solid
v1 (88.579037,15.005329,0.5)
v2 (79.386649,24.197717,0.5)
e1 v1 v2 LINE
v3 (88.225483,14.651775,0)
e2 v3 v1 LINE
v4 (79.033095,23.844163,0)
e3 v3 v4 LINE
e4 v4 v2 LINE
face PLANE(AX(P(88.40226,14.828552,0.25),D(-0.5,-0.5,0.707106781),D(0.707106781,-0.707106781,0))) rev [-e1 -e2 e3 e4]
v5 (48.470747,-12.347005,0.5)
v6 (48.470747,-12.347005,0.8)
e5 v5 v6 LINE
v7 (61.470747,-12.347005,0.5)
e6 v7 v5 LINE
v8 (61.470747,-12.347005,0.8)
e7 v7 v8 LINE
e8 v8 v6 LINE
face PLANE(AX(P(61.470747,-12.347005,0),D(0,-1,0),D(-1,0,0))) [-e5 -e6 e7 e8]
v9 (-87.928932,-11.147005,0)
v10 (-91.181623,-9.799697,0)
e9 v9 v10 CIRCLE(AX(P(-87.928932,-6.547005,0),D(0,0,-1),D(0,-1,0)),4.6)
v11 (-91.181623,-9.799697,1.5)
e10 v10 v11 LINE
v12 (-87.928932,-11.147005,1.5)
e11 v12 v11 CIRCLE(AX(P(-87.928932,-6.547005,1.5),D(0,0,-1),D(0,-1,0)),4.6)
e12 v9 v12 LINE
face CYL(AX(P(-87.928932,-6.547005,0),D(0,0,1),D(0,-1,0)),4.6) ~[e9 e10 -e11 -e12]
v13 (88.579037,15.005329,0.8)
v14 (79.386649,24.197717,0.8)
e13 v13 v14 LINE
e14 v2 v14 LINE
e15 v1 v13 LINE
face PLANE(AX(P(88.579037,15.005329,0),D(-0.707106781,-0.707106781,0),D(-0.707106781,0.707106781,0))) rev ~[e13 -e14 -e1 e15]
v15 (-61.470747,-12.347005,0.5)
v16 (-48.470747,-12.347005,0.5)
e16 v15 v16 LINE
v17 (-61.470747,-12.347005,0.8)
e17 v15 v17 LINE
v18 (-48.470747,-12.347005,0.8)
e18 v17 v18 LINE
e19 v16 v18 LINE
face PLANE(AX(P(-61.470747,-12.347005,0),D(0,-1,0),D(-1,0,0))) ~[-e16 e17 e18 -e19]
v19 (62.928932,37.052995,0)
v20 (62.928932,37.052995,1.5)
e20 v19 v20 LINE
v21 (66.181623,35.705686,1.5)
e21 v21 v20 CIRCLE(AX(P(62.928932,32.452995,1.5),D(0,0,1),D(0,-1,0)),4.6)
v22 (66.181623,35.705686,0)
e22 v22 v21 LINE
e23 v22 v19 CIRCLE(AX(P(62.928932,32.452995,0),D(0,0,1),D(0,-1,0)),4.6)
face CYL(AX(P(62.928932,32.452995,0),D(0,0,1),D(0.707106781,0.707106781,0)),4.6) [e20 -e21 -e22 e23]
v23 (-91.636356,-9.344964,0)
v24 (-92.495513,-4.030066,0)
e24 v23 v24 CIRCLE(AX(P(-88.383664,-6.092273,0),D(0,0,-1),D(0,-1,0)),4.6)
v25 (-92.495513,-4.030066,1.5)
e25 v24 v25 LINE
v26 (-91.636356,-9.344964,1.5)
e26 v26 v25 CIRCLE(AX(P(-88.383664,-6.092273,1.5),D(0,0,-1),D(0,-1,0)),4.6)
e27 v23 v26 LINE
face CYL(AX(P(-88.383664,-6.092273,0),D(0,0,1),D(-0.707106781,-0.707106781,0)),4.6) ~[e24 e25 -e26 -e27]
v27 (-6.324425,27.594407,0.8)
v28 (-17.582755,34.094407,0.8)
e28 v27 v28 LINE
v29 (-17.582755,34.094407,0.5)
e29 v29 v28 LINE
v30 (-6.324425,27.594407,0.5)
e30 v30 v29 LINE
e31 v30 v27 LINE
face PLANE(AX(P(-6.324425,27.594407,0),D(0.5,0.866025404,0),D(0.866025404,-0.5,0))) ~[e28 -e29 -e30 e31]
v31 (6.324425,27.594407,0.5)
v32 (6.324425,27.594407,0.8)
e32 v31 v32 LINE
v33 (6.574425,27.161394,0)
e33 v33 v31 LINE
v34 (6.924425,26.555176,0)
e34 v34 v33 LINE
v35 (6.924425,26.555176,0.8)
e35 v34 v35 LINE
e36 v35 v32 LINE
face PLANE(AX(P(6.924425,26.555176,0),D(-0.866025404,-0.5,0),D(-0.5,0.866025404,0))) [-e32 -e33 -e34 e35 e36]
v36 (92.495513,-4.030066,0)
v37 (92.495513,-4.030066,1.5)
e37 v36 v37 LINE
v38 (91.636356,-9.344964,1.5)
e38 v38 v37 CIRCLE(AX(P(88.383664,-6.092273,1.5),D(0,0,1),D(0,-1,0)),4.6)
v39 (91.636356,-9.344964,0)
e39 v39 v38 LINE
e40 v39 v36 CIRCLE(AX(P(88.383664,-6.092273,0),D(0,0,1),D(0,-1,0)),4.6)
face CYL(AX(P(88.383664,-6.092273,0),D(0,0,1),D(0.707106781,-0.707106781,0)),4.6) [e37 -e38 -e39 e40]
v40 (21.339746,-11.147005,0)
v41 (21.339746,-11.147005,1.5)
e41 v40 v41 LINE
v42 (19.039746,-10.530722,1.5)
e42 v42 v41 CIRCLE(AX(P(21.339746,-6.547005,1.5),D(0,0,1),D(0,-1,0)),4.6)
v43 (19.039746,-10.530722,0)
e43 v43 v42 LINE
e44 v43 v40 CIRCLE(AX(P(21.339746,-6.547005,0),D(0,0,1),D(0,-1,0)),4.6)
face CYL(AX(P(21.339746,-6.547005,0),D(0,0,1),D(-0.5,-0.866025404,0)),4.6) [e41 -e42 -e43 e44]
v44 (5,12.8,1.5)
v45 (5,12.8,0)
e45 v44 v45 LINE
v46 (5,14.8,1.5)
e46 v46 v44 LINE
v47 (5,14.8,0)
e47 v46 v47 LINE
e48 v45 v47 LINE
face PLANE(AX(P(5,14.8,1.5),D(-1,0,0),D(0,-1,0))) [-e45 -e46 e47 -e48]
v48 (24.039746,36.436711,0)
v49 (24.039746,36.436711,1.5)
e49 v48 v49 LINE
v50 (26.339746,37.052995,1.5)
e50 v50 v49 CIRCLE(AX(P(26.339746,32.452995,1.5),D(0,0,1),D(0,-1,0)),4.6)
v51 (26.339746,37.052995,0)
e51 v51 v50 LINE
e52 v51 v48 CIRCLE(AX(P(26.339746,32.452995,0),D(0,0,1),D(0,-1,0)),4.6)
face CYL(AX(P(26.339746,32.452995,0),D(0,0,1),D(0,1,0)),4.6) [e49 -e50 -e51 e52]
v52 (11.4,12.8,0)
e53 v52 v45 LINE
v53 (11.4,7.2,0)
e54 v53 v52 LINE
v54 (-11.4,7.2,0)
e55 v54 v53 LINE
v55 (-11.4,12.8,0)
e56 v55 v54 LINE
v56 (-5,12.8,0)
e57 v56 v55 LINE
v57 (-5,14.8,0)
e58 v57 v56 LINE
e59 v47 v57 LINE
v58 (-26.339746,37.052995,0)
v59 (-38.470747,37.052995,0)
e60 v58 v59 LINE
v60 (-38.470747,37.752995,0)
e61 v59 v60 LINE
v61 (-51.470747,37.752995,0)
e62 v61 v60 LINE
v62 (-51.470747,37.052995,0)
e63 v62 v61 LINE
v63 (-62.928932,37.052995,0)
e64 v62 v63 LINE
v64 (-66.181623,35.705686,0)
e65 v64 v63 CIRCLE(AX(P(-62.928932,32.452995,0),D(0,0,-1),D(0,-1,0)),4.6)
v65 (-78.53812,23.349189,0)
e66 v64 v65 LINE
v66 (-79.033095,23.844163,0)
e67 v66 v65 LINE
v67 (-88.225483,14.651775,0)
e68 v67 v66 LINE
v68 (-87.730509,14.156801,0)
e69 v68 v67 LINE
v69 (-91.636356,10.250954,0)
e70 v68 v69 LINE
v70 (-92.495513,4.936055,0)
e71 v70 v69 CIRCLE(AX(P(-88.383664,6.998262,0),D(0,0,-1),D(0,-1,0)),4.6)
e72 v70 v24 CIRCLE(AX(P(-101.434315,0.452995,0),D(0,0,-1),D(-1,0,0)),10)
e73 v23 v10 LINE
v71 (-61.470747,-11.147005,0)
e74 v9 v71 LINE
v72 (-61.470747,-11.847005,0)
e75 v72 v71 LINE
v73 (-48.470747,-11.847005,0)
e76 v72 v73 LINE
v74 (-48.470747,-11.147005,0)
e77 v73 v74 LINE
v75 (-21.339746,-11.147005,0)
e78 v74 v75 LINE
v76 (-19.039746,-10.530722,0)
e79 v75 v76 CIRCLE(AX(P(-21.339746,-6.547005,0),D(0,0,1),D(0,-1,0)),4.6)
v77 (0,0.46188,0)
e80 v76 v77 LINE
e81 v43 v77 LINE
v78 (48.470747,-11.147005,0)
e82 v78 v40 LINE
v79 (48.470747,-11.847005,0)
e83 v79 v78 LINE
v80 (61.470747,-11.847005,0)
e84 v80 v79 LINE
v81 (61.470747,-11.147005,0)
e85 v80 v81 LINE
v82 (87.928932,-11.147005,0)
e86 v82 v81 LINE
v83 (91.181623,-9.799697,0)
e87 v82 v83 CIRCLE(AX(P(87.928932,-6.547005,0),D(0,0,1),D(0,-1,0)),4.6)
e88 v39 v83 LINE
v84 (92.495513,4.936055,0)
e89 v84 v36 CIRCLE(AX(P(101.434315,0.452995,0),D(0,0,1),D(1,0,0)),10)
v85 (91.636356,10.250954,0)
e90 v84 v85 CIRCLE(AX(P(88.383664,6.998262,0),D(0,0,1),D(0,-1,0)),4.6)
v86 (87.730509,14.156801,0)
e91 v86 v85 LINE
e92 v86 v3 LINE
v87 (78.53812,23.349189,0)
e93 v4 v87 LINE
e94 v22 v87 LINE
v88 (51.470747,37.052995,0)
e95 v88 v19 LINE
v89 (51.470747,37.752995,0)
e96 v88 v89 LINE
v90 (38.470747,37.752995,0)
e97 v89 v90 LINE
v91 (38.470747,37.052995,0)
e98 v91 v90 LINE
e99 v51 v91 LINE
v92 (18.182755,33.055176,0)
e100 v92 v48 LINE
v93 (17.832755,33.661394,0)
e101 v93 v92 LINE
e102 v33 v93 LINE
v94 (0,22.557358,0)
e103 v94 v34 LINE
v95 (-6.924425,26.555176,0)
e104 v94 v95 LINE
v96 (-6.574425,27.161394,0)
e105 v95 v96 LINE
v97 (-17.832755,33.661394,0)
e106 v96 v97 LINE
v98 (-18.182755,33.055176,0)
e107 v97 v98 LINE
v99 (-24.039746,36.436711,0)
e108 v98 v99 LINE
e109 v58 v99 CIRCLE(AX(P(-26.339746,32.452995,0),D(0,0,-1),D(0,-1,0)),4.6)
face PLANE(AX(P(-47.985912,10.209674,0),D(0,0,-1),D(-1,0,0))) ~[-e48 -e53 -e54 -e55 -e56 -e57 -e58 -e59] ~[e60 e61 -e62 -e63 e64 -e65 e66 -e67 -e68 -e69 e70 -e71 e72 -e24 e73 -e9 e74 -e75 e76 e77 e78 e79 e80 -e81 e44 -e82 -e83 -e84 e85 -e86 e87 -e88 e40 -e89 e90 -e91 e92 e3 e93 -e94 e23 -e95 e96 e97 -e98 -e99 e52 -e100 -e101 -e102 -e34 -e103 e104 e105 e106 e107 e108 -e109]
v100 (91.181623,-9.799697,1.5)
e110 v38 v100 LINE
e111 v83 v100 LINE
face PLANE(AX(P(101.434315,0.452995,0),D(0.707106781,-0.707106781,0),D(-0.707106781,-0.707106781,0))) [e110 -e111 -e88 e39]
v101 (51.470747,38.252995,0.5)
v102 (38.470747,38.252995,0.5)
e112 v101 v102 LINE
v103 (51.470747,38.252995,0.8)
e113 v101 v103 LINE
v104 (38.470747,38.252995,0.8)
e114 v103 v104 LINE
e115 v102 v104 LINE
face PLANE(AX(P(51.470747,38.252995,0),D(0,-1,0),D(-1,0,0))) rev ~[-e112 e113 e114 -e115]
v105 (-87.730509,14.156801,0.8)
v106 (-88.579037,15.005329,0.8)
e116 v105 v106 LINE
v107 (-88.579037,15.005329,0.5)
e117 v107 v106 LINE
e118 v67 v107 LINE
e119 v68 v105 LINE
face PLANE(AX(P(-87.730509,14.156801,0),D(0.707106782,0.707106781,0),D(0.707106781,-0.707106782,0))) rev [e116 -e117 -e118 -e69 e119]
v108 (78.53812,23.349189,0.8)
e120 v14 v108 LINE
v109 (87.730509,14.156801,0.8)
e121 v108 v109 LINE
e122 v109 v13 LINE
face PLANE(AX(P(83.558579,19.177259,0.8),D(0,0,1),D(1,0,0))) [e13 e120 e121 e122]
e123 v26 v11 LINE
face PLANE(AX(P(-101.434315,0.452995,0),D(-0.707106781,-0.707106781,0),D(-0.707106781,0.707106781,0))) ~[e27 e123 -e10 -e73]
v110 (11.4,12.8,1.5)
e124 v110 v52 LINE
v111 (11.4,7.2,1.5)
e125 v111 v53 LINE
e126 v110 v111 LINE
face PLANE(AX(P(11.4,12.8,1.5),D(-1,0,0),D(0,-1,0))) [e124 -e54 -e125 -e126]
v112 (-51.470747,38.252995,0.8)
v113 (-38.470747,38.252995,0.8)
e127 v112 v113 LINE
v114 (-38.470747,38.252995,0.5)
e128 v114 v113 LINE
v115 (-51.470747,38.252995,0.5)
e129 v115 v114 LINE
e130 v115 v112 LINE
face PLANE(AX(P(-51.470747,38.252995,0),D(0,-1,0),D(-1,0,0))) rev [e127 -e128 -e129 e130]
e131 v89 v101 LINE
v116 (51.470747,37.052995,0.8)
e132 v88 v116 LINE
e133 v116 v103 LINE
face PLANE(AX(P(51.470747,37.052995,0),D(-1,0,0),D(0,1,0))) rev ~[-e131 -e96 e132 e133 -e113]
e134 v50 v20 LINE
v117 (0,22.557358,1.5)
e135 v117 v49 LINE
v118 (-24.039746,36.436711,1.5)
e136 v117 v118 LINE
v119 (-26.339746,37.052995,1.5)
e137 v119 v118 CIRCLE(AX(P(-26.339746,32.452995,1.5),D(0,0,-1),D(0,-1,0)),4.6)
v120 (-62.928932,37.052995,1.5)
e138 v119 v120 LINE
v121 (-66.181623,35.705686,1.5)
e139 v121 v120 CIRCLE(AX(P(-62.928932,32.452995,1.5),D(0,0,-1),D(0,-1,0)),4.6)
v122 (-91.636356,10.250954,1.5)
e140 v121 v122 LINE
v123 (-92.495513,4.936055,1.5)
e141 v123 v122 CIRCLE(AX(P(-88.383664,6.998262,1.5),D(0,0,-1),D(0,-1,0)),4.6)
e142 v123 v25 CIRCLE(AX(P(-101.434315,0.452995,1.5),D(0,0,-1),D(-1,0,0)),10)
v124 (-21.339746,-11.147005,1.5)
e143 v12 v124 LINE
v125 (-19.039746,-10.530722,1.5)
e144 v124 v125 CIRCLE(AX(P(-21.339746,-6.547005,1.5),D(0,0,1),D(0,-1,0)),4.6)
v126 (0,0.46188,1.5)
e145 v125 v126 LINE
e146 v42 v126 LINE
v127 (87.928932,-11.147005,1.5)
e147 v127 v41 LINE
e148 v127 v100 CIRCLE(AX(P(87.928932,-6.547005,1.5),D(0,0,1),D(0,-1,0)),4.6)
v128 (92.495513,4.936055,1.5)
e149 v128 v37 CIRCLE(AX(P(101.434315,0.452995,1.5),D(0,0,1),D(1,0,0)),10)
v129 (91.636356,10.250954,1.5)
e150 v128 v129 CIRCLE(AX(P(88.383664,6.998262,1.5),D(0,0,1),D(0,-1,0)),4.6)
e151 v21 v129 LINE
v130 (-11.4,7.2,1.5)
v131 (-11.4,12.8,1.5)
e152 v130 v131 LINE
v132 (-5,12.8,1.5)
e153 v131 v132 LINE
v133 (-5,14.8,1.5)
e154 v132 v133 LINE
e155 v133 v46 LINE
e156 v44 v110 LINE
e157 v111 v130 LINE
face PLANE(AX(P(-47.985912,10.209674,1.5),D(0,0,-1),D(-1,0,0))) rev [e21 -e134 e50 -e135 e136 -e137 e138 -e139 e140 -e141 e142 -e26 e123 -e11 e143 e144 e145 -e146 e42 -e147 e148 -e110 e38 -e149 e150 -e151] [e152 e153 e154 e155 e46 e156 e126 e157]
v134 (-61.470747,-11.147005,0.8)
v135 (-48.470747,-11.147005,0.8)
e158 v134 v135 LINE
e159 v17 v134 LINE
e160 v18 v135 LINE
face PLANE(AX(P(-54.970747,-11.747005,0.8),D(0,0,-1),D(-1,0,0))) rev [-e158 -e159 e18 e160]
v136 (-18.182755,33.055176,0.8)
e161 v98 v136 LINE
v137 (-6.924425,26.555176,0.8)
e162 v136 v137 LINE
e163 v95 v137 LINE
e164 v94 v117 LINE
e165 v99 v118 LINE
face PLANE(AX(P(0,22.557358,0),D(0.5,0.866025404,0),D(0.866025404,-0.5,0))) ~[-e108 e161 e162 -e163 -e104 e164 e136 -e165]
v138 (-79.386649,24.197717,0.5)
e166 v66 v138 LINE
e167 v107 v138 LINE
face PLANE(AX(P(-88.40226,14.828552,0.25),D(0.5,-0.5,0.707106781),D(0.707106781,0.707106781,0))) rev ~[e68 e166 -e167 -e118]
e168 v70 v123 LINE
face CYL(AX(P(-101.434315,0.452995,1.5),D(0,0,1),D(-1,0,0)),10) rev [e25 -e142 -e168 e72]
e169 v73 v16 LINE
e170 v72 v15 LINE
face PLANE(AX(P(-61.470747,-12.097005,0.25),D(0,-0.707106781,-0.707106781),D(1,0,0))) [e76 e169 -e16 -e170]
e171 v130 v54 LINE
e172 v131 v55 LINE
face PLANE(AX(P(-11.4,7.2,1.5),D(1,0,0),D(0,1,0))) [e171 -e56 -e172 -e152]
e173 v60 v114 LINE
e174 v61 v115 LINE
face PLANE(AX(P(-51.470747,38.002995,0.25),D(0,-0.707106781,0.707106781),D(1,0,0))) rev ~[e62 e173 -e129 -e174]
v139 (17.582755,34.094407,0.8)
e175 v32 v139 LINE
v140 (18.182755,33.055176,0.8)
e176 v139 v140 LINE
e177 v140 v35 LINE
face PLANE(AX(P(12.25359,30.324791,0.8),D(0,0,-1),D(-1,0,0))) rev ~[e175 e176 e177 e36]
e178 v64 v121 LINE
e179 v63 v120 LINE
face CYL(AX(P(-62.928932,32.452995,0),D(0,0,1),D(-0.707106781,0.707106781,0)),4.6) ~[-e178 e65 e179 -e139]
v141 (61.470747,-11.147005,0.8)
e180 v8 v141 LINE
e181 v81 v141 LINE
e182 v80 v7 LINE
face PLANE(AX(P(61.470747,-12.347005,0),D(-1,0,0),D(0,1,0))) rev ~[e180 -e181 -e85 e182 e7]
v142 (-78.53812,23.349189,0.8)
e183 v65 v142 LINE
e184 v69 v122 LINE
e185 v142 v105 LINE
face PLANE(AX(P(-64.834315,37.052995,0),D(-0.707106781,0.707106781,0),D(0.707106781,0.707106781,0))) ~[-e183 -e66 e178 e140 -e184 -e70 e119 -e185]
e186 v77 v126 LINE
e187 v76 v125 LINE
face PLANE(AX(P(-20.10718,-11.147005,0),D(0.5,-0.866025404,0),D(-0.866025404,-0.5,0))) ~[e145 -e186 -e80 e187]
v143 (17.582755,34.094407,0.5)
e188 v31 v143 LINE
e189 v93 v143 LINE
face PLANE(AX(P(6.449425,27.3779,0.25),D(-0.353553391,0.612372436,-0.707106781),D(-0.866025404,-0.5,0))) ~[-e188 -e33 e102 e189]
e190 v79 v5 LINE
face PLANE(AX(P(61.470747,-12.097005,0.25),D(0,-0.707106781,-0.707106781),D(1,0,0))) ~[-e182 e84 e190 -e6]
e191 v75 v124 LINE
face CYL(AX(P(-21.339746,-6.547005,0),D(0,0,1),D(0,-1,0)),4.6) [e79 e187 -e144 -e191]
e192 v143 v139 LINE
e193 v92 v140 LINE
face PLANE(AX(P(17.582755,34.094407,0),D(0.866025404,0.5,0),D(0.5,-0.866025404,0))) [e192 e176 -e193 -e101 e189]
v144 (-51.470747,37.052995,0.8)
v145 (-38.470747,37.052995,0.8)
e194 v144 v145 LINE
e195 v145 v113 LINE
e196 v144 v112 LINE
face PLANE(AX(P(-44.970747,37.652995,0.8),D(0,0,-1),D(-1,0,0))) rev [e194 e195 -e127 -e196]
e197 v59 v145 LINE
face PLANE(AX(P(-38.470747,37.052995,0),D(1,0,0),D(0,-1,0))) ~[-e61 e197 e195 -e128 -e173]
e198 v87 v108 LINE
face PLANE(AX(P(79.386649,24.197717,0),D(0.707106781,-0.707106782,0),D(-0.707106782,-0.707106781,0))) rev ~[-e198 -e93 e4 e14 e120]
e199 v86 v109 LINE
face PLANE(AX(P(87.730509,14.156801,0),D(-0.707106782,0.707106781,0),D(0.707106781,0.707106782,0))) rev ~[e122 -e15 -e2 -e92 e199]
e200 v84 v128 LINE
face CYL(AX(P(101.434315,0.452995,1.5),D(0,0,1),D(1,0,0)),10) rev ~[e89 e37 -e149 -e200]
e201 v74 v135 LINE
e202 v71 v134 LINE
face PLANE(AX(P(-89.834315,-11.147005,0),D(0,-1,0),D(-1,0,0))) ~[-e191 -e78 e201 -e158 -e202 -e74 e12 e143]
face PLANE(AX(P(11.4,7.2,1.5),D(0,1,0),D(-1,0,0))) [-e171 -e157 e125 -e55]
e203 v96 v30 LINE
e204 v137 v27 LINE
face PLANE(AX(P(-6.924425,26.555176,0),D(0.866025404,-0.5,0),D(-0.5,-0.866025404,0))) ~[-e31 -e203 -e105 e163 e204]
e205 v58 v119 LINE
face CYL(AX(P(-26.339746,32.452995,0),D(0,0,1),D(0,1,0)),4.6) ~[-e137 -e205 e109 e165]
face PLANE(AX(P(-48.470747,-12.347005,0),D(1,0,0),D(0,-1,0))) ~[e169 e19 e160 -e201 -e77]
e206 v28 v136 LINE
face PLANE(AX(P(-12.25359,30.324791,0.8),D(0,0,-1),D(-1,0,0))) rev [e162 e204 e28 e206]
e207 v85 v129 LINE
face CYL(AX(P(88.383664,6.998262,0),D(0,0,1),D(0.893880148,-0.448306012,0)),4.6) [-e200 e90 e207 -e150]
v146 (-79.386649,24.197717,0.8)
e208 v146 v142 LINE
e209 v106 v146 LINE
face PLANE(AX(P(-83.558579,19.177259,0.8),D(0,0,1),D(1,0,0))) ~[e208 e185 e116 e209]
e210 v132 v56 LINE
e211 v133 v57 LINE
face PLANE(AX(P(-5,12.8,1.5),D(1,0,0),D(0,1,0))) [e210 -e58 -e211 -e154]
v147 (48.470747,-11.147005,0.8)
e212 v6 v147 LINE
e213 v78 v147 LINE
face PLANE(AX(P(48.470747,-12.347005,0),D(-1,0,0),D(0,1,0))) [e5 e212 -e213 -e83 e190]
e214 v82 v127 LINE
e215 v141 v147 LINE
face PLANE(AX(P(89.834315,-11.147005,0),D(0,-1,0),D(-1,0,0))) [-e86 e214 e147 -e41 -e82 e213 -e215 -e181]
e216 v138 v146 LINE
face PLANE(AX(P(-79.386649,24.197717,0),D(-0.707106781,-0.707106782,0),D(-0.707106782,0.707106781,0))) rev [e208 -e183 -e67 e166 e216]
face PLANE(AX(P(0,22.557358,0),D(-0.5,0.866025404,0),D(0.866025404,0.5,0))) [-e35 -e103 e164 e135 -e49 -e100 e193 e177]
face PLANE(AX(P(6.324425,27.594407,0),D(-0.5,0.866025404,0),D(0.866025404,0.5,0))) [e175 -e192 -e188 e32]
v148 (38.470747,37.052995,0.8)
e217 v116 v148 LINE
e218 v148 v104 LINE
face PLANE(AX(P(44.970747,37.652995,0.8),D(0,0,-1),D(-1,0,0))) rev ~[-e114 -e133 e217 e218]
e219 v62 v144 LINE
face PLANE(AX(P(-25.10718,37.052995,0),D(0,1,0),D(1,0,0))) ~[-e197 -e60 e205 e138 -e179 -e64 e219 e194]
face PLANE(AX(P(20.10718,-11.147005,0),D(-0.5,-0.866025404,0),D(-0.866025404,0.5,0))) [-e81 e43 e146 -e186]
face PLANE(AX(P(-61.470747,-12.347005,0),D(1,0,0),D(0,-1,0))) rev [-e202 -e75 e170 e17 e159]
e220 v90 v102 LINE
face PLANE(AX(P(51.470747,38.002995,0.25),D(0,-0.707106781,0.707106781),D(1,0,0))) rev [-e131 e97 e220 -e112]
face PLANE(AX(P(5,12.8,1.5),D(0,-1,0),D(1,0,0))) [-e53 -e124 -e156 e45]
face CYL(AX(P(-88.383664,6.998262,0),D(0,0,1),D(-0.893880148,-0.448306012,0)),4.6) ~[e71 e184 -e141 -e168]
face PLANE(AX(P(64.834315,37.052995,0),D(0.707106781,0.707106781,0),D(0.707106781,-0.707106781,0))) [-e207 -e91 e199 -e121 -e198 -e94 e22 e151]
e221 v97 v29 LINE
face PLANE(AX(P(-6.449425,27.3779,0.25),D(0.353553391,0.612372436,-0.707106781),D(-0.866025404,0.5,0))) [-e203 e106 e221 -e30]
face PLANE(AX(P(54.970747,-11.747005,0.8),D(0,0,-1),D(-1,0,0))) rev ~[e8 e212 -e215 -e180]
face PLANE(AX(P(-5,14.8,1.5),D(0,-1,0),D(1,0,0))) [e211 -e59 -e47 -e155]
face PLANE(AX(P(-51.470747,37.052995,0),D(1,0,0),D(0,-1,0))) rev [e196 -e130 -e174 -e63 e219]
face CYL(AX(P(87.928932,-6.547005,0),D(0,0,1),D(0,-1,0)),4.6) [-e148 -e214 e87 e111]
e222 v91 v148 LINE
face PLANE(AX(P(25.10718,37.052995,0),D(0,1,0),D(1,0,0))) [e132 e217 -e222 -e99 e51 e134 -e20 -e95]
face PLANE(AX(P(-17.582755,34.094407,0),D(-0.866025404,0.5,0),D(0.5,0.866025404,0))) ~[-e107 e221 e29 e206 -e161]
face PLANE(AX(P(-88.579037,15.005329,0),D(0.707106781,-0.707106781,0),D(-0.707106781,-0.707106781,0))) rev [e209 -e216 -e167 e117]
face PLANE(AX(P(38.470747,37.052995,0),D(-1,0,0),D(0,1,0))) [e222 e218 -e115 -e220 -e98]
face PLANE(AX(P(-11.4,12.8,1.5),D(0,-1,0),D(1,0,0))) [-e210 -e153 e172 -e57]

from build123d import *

# Parameters (mm, degrees)
BOSS_EXTRUDE1_DEPTH      = 1.5
SKETCH5_W                = 13
SKETCH5_H                = 1.2
BOSS_EXTRUDE2_DEPTH      = 0.8
CHAMFER1_SIZE            = 0.5
SKETCH6_R                = 10
CUT_EXTRUDE3_DEPTH       = 1.5
CHAMFER1_OF_MIRROR1_SIZE = 0.5
CUT_EXTRUDE1_REACH       = 3.5
FILLET1_R                = 4.6


with BuildPart() as part:
    # Sketch1 → Boss-Extrude1 (new body)
    with BuildSketch(Plane.XY):
        Polygon((0, 22.557357671), (25.107179677, 37.052994616), (64.834314575, 37.052994616), (101.434314575, 0.452994616), (89.834314575, -11.147005384), (20.107179677, -11.147005384), (0, 0.461880215), align=None)
    boss_extrude1 = extrude(amount=BOSS_EXTRUDE1_DEPTH)

    # Sketch5 → Boss-Extrude2 (add)
    with BuildSketch(Plane(origin=(0, 0, 0), x_dir=(-1, 0, 0), z_dir=(0, 0, -1))):
        with Locations((-44.970747126, 37.652994616)):
            Rectangle(SKETCH5_W, SKETCH5_H)
        with Locations((-54.970747126, -11.747005384)):
            Rectangle(SKETCH5_W, SKETCH5_H)
        Polygon((-78.538120497, 23.349188694), (-87.730508653, 14.156800538), (-88.57903679, 15.005328676), (-79.386648635, 24.197716831), align=None)
        Polygon((-18.182754963, 33.055176144), (-6.924424714, 26.555176144), (-6.324424714, 27.594406628), (-17.582754963, 34.094406628), align=None)
    boss_extrude2 = extrude(amount=-BOSS_EXTRUDE2_DEPTH)

    # Chamfer1
    chamfer1_edges = [part.edges().sort_by_distance(p)[0] for p in [
        (44.970747126, 38.252994616, 0),
        (54.970747126, -12.347005384, 0),
        (83.982842712, 19.601522754, 0),
        (11.953589838, 30.844406628, 0),
    ]]
    chamfer(chamfer1_edges, length=CHAMFER1_SIZE)

    # Sketch6 → Cut-Extrude3 (cut)
    with BuildSketch(Plane.XY.offset(1.5)):
        with Locations((101.434314575, 0.452994616)):
            Circle(SKETCH6_R)
    cut_extrude3 = extrude(amount=-CUT_EXTRUDE3_DEPTH, mode=Mode.SUBTRACT)

    # Mirror1: Boss-Extrude1, Boss-Extrude2, Cut-Extrude3 across plane
    add(boss_extrude1.mirror(Plane(origin=(0, 0.461880215, 1.5), x_dir=(0, 0, 1), z_dir=(1, 0, 0))))
    add(boss_extrude2.mirror(Plane(origin=(0, 0.461880215, 1.5), x_dir=(0, 0, 1), z_dir=(1, 0, 0))))
    add(cut_extrude3.mirror(Plane(origin=(0, 0.461880215, 1.5), x_dir=(0, 0, 1), z_dir=(1, 0, 0))), mode=Mode.SUBTRACT)

    # Chamfer1 of Mirror1
    chamfer1_of_mirror1_edges = [part.edges().sort_by_distance(p)[0] for p in [
        (-44.970747126, 38.252994616, 0),
        (-54.970747126, -12.347005384, 0),
        (-83.982842712, 19.601522754, 0),
        (-11.953589838, 30.844406628, 0),
    ]]
    chamfer(chamfer1_of_mirror1_edges, length=CHAMFER1_OF_MIRROR1_SIZE)

    # Sketch2 → Cut-Extrude1 (cut, up to next)
    with BuildSketch(Plane.XY.offset(1.5), mode=Mode.PRIVATE) as cut_extrude1_sk1:
        Polygon((11.4, 7.2), (-11.4, 7.2), (-11.4, 12.8), (-5, 12.8), (-5, 14.8), (5, 14.8), (5, 12.8), (11.4, 12.8), align=None)
    cut_extrude1_tool1 = extrude(cut_extrude1_sk1.sketch, amount=-CUT_EXTRUDE1_REACH, mode=Mode.PRIVATE) & part.part
    add(cut_extrude1_tool1.solids().sort_by_distance((0, 10.514626, 1.5))[0], mode=Mode.SUBTRACT)

    # Fillet1
    fillet1_edges = [part.edges().sort_by_distance(p)[0] for p in [
        (94.363246763, 7.524062428, 0.75),
        (-25.107179677, 37.052994616, 0.75),
        (-64.834314575, 37.052994616, 0.75),
        (-89.834314575, -11.147005384, 0.75),
        (-20.107179677, -11.147005384, 0.75),
        (64.834314575, 37.052994616, 0.75),
        (89.834314575, -11.147005384, 0.75),
        (20.107179677, -11.147005384, 0.75),
        (25.107179677, 37.052994616, 0.75),
        (-94.363246763, 7.524062428, 0.75),
        (-94.363246763, -6.618073196, 0.75),
        (94.363246763, -6.618073196, 0.75),
    ]]
    fillet(fillet1_edges, radius=FILLET1_R)


solid = part.part
